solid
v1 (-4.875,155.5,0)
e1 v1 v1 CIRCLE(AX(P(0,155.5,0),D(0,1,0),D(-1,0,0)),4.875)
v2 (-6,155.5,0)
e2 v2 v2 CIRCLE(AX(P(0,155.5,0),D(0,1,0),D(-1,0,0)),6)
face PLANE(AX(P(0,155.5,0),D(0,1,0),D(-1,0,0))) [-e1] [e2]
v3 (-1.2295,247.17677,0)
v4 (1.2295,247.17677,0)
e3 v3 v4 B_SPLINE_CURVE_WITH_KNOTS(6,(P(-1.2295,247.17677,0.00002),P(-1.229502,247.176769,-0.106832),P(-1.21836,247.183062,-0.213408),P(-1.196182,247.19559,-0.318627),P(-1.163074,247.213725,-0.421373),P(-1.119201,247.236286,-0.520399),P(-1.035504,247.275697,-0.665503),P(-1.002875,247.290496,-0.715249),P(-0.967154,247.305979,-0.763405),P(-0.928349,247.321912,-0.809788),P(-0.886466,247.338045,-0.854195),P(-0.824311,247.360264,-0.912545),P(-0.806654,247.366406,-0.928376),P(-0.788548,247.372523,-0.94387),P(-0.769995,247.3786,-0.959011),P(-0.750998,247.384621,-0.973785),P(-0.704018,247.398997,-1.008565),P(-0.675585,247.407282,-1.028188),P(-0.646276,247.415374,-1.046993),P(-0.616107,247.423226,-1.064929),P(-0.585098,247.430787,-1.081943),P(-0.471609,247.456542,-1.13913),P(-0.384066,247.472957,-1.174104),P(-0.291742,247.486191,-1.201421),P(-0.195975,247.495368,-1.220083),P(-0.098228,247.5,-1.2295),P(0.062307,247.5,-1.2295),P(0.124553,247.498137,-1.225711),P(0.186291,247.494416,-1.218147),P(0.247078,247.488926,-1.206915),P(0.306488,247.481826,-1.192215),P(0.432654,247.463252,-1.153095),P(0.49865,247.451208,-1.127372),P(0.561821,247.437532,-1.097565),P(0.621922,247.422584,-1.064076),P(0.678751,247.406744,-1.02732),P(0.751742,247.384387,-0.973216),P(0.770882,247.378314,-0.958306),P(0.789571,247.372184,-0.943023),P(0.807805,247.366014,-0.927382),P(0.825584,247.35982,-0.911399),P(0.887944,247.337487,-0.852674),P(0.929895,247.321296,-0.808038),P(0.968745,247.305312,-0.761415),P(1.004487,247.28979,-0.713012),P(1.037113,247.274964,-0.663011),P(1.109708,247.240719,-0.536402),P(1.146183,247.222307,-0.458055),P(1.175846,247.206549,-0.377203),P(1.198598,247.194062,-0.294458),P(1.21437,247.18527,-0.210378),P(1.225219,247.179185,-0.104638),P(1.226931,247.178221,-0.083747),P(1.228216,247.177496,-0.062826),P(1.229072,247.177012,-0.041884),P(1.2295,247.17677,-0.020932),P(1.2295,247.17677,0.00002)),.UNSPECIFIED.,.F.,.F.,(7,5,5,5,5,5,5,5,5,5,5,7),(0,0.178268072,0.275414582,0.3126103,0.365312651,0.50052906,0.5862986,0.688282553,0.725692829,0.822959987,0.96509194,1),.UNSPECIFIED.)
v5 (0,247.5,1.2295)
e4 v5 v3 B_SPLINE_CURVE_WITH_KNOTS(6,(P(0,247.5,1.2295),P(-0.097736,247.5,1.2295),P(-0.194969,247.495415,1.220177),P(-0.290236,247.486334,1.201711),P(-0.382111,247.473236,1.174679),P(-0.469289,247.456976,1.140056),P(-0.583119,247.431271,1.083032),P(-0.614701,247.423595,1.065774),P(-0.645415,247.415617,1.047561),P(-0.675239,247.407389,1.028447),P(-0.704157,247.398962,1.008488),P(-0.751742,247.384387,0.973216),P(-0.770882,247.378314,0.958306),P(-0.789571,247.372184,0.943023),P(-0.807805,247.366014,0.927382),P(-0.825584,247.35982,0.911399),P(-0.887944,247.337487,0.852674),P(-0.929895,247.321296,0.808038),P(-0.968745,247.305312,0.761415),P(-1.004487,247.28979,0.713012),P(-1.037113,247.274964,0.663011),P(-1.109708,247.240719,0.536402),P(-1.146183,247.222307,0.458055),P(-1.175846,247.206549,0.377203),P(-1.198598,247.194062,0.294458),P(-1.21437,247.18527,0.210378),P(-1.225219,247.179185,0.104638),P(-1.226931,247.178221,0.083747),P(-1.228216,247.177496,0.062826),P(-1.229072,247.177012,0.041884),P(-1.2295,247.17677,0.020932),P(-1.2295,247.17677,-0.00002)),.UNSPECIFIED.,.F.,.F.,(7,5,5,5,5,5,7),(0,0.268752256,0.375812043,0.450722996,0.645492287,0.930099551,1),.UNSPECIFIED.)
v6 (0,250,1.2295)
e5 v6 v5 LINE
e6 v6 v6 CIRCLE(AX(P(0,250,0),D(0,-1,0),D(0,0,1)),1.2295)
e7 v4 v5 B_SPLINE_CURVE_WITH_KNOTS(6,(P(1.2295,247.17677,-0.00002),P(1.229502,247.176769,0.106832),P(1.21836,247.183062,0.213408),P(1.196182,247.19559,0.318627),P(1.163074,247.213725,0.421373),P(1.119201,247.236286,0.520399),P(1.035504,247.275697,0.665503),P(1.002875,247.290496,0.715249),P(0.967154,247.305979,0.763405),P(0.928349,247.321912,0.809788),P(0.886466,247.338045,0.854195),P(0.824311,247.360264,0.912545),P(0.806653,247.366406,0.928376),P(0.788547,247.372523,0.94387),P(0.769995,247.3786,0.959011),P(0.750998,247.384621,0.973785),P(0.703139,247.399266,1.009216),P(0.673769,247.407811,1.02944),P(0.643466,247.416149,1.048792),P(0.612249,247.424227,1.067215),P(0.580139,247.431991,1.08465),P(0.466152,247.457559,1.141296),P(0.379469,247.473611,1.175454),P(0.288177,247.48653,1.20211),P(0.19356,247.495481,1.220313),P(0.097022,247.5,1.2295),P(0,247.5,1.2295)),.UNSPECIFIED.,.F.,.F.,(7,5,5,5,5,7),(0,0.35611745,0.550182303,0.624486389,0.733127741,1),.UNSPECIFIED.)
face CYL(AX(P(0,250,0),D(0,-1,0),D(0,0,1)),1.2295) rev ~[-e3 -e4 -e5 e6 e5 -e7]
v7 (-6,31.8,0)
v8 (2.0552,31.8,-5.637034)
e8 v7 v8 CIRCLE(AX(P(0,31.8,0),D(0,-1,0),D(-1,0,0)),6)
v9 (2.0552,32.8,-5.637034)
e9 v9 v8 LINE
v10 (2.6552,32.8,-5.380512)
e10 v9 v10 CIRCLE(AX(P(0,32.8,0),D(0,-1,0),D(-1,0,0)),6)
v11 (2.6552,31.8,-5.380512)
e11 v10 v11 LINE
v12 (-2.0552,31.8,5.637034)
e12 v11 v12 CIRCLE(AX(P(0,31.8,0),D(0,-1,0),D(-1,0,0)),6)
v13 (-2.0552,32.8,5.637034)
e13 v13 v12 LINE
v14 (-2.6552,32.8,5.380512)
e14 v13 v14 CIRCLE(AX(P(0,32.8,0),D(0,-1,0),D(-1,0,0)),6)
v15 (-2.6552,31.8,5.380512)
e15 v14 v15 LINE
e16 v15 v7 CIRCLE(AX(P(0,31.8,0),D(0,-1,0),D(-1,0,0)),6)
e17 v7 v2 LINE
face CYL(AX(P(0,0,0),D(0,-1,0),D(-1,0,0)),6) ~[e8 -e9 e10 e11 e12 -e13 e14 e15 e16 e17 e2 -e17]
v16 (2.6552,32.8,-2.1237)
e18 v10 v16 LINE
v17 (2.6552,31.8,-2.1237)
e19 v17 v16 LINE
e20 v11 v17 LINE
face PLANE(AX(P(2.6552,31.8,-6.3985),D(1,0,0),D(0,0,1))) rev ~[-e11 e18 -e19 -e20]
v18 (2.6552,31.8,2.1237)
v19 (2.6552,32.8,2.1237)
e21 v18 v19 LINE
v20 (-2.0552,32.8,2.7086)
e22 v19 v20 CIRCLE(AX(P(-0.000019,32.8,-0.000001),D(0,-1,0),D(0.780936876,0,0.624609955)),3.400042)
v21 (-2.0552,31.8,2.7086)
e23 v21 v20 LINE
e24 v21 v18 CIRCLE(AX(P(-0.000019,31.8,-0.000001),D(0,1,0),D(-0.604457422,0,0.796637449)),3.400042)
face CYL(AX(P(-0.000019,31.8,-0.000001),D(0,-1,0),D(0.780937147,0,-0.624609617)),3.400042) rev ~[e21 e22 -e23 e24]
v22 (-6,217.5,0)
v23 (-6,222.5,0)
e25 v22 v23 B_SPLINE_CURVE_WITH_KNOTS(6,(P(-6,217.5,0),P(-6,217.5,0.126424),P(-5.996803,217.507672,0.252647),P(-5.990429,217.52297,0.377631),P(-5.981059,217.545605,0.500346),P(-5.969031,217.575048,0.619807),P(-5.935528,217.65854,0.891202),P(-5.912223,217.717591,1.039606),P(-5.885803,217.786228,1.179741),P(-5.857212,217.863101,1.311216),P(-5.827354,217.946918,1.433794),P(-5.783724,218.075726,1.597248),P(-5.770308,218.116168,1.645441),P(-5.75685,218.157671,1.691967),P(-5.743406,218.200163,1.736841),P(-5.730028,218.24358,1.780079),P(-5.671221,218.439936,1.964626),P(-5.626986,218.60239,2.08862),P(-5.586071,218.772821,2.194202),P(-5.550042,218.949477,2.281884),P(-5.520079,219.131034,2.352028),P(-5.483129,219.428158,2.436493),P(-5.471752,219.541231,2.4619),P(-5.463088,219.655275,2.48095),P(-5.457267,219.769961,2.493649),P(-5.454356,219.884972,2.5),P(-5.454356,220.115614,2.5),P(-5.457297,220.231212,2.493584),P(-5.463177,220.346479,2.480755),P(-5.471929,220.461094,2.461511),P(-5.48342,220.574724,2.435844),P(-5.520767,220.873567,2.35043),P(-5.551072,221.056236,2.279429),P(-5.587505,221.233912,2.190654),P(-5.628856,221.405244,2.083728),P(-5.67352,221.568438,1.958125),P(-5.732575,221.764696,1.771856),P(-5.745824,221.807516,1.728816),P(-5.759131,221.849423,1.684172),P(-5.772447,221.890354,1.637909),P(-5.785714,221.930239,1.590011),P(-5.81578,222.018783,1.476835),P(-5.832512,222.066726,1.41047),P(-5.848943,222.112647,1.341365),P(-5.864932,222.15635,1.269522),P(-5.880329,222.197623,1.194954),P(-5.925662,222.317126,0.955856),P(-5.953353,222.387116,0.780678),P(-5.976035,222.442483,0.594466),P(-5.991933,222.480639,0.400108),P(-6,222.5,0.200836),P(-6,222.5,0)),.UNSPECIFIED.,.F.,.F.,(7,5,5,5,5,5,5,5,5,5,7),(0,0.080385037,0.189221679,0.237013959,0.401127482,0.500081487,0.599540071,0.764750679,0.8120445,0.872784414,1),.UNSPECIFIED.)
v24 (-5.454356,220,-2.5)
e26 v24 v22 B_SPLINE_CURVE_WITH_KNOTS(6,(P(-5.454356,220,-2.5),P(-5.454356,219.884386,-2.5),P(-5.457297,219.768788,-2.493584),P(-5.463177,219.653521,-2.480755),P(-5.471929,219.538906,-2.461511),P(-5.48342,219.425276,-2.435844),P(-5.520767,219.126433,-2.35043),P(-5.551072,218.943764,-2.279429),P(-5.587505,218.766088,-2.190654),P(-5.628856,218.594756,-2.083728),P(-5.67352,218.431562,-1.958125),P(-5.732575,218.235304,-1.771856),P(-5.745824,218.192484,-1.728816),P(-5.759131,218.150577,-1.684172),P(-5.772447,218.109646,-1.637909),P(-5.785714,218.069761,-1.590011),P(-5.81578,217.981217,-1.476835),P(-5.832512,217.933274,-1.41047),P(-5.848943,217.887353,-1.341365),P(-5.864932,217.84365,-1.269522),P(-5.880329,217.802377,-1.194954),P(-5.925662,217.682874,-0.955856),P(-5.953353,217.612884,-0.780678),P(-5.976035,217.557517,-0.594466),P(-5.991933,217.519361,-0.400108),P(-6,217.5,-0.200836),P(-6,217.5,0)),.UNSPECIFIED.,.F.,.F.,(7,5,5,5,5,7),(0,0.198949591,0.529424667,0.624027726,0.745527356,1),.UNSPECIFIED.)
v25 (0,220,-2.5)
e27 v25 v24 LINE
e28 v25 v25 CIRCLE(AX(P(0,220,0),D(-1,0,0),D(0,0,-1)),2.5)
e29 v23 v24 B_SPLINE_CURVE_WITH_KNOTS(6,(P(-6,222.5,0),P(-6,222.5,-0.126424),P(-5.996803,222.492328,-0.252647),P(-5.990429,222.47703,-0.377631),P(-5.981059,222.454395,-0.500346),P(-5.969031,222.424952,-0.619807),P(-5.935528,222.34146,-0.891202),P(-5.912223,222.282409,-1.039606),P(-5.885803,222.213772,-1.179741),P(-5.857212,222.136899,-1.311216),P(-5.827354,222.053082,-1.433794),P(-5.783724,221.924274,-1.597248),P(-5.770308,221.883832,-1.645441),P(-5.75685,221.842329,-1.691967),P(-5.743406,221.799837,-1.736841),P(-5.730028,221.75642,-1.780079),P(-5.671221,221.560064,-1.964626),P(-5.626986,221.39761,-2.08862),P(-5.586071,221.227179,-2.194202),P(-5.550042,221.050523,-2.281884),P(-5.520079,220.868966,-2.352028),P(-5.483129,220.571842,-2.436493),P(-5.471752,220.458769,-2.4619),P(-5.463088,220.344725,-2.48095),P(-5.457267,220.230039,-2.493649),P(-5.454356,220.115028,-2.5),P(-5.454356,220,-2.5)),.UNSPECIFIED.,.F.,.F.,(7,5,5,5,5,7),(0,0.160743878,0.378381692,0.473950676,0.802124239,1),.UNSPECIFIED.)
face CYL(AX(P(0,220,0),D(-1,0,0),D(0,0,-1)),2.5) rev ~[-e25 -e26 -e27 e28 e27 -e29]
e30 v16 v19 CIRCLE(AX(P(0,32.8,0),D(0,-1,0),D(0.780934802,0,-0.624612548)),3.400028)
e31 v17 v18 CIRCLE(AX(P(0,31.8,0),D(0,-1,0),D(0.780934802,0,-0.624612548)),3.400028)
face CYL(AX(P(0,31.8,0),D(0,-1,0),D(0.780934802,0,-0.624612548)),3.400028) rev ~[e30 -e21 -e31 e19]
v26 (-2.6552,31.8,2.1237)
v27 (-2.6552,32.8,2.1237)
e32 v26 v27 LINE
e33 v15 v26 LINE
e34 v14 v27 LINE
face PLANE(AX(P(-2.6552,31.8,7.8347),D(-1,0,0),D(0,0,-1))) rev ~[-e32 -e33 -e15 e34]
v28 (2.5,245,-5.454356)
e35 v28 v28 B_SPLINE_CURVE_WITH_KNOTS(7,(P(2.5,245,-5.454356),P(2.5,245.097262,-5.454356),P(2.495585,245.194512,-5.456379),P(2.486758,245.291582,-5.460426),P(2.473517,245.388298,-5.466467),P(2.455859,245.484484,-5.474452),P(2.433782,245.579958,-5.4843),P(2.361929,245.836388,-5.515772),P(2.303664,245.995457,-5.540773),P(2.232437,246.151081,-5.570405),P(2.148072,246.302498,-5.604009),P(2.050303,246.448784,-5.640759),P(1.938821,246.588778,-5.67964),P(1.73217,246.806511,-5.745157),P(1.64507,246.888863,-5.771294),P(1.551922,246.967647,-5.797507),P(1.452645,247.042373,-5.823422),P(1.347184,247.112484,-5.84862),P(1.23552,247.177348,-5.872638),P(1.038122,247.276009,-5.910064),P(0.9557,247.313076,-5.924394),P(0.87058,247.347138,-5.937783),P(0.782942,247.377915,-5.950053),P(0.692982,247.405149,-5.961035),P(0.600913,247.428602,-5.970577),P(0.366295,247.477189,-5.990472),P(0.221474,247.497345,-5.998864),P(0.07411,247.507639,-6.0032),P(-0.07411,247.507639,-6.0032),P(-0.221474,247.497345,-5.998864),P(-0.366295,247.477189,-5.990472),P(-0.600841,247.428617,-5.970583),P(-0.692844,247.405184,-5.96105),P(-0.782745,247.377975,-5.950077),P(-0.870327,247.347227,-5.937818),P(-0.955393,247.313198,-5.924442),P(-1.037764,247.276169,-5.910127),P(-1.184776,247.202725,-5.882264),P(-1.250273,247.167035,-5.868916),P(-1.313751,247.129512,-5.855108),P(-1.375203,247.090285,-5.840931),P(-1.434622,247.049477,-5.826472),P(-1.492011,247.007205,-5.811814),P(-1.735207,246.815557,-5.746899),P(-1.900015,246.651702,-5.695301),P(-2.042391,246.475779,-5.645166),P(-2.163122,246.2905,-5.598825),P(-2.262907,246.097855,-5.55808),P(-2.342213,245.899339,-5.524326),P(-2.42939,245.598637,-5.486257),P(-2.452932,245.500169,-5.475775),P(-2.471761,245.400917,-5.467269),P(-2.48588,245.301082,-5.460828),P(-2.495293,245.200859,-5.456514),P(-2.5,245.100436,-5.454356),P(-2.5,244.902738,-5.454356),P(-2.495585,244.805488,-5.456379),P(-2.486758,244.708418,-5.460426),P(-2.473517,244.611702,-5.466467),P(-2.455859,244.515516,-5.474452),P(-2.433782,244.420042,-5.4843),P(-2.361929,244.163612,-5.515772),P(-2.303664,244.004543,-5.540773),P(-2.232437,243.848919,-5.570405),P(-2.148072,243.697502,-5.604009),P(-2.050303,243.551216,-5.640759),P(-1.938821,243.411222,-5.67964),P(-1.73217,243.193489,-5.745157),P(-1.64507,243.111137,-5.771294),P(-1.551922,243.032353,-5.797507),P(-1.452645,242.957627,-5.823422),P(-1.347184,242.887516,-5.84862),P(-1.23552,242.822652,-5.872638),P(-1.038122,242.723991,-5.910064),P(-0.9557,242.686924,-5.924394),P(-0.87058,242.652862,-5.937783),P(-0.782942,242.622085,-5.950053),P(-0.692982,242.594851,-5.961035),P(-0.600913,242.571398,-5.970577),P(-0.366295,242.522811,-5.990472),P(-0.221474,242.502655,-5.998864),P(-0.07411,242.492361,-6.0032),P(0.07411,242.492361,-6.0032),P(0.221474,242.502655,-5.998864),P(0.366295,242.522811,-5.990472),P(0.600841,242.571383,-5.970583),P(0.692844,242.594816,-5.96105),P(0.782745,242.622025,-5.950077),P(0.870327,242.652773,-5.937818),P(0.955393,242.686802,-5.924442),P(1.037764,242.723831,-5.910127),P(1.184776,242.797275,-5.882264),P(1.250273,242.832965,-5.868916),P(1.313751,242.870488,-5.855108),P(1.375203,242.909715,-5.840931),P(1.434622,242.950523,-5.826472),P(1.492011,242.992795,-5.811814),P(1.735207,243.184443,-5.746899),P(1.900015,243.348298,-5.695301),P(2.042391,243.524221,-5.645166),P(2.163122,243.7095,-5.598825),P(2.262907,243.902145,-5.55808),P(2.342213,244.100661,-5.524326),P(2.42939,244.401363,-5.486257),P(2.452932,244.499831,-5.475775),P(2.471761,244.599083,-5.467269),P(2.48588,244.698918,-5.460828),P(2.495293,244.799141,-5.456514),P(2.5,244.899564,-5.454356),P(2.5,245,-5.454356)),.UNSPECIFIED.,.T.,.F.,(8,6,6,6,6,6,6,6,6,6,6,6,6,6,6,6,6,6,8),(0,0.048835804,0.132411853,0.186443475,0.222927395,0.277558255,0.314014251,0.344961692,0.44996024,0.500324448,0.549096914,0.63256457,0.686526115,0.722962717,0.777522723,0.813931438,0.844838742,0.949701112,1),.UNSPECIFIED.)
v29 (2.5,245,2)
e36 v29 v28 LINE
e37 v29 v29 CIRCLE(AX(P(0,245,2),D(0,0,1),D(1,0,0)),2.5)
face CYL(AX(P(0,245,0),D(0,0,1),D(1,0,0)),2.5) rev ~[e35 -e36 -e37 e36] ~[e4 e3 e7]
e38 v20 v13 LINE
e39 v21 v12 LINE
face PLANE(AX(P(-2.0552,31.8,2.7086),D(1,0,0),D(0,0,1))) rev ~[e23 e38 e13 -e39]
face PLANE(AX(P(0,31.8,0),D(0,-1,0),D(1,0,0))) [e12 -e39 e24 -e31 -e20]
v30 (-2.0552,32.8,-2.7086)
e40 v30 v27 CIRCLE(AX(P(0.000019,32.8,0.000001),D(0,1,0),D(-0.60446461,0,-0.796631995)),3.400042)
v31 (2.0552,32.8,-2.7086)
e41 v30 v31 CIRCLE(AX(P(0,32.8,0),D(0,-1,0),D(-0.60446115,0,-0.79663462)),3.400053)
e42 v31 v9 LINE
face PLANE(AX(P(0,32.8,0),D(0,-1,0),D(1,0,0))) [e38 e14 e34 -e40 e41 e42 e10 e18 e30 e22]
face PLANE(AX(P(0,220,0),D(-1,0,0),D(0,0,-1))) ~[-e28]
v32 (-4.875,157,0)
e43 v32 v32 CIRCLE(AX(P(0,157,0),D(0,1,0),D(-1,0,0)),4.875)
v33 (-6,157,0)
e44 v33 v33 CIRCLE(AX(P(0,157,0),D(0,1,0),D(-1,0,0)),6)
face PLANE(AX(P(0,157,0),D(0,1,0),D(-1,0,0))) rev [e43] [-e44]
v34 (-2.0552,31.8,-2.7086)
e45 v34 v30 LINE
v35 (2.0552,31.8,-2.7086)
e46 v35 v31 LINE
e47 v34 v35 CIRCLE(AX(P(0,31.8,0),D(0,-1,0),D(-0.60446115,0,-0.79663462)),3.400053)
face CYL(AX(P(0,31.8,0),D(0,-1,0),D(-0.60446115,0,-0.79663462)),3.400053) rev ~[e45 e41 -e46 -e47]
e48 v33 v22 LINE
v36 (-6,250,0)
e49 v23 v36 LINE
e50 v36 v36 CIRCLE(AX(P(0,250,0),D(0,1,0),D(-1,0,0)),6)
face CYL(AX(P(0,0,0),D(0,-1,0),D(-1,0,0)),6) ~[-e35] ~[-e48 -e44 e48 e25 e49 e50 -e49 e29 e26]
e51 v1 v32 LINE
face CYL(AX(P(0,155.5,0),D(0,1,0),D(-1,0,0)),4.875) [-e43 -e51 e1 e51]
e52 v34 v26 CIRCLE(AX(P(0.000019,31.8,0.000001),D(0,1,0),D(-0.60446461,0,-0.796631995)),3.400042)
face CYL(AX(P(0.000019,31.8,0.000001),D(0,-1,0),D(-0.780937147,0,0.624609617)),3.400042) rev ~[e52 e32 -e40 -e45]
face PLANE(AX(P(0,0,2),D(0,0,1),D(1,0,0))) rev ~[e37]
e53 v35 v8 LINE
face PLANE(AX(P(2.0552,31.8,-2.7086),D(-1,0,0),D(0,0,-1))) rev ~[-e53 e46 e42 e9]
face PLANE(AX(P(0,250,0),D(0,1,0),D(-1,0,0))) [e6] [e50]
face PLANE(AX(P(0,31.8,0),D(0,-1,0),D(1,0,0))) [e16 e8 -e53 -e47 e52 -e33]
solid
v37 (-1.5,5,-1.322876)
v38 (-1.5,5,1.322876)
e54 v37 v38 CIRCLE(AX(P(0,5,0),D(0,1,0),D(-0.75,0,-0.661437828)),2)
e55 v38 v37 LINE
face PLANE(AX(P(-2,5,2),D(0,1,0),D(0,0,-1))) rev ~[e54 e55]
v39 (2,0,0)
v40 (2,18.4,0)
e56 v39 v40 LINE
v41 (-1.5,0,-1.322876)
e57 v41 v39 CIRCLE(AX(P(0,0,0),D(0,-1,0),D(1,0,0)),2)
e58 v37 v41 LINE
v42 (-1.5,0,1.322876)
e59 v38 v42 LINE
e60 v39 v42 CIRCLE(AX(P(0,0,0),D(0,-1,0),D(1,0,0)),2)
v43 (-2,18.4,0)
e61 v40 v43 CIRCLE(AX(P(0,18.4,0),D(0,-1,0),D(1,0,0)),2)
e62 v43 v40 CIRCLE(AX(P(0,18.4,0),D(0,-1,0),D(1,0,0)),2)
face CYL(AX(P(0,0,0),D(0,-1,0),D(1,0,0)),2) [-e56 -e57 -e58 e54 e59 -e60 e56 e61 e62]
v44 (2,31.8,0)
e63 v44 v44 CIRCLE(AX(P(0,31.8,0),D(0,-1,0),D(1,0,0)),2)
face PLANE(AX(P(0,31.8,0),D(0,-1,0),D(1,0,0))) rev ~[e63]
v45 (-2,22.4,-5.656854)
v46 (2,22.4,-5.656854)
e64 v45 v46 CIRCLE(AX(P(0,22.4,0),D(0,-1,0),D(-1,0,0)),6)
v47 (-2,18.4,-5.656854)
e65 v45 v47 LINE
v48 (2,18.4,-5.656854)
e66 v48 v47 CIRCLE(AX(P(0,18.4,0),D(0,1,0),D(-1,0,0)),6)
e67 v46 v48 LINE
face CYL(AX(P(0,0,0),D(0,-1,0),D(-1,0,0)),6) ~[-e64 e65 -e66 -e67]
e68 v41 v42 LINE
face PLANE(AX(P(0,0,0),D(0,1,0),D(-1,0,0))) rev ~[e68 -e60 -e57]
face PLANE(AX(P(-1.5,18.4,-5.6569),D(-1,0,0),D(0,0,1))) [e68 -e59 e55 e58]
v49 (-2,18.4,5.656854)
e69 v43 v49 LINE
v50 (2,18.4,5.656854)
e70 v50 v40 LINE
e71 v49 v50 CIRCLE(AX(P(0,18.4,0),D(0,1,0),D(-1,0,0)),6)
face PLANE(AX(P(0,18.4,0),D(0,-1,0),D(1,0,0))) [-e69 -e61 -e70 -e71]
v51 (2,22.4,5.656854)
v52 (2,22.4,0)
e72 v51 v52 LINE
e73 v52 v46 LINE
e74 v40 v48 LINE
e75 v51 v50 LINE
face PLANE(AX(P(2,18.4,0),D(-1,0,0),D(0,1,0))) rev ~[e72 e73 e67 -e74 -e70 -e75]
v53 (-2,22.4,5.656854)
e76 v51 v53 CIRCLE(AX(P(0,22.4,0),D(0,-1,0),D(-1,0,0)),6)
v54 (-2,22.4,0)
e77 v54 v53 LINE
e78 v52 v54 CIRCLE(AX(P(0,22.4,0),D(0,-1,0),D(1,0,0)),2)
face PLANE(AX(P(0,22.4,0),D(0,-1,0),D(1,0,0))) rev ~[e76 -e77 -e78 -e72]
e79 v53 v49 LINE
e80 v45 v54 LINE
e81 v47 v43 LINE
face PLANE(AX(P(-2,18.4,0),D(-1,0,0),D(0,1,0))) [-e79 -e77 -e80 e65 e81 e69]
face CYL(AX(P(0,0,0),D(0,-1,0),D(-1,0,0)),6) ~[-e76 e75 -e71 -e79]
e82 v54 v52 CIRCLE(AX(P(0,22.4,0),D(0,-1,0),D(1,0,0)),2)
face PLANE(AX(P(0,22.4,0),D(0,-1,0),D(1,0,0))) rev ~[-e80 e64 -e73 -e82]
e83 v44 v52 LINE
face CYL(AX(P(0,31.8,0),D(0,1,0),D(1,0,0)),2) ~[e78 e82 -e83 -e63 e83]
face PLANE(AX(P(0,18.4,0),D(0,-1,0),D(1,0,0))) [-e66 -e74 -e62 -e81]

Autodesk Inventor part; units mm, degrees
ref_plane "YZ Plane" through (0, 0, 0) normal (1, 0, 0) x (0, 1, 0)
ref_plane "XZ Plane" through (0, 0, 0) normal (0, 1, 0) x (-1, 0, 0)
sketch "Sketch1" plane through (0, 0, 0) normal (0, 1, 0) x (-1, 0, 0)
  circle A0 centre (0, 0) radius 6
  dimension "d0" = 12
extrude "Extrusion1" add sketch "Sketch1" along normal blind 250
sketch "Sketch2" plane through (0, 0, 0) normal (0, 0, 1) x (1, 0, 0)
  line L0 (-6, 0) -> (-6, 250) projected
  line L1 (-6, 155.5) -> (-4.875, 155.5)
  line L2 (-4.875, 155.5) -> (-4.875, 157)
  line L3 (-4.875, 157) -> (-6, 157)
  line L4 (-6, 157) -> (-6, 155.5)
  line L5 (0, 0) -> (0, 268.3776) construction
  line L6 (-6, 0) -> (6, 0) projected
  line L7 (6, 250) -> (-6, 250) projected
  dimension "d3" = 1.125
  dimension "d4" = 1.5
  dimension "d21" = 93
revolve "Revolution1" cut sketch "Sketch2" angle 360 about axis through (0, 0, 0) along (0, 1, 0)
sketch "Sketch3" plane through (0, 0, 0) normal (0, 0, 1) x (1, 0, 0)
  circle A0 centre (0, 245) radius 2.5
  line L0 (6, 250) -> (-6, 250) projected
  point P0 (0, 0)
  dimension "d7" = 5
  dimension "d9" = 5
extrude "Extrusion2" cut sketch "Sketch3" along normal blind 2 and the other way blind 10
sketch "Sketch4" plane through (0, 250, 0) normal (0, 1, 0) x (1, 0, 0)
  point P0 (0, 0)
  point P1 (0, 0)
hole "Hole1" at (0, 250, 0) direction (0, -1, 0) diameter 2.459 depth 6 tip angle 118 thread size "M3x0.5" class "6H" standard "ANSI Metric M Profile"
sketch "Sketch5" plane through (0, 0, 0) normal (1, 0, 0) x (0, 1, 0)
  line L0 (250, -6) -> (250, 6) projected
  point P0 (0, 0)
  point P1 (220, 0)
  dimension "d22" = 30
hole "Hole2" at (0, 220, 0) direction (-1, 0, 0) diameter 5 end through all
sketch "Sketch6" plane through (0, 0, 0) normal (0, -1, 0) x (1, 0, 0)
  circle A0 centre (0, 0) radius 2
  circle A1 centre (0, 0) radius 6
  dimension "d30" = 4
  dimension "d31" = 12
extrude "Extrusion3" cut sketch "Sketch6" against normal blind 18.4
ref_plane "Work Plane1" through (0, 31.8, 0) normal (0, -1, 0) x (1, 0, 0)
sketch "Sketch7" plane through (0, 31.8, 0) normal (0, -1, 0) x (1, 0, 0)
  circle A0 centre (0, 0) radius 6
  circle A1 centre (0, 0) radius 2
  dimension "d35" = 12
  dimension "d36" = 4
extrude "Extrusion4" cut sketch "Sketch7" along normal blind 9.4
sketch "Sketch9" plane through (0, 0, 0) normal (0, 0, 1) x (1, 0, 0)
  line L0 (2, 31.8) -> (2, 22.4) projected
  line L1 (6, 18.4) -> (-6, 18.4) projected
  line L2 (2, 22.4) -> (6, 22.4)
  line L3 (6, 22.4) -> (6, 18.4)
  line L4 (6, 18.4) -> (2, 18.4)
  line L5 (2, 18.4) -> (2, 22.4)
  line L6 (-2, 31.8) -> (-2, 22.4) projected
  line L7 (-6, 18.4) -> (-2, 18.4)
  line L8 (-2, 18.4) -> (-2, 22.4)
  line L9 (-2, 22.4) -> (-6, 22.4)
  line L10 (-6, 22.4) -> (-6, 18.4)
  point P0 (0, 0)
  dimension "d39" = 4
extrude "Extrusion5" cut sketch "Sketch9" along normal through all both and the other way through all
sketch "Sketch10" plane through (0, 31.8, 0) normal (0, -1, 0) x (1, 0, 0)
  arc A0 (2.0552, 1.1503) -> (2.0552, -1.1503) centre (0, 0) ccw construction
  line L0 (0, 2.5) -> (0, -2.5) projected
  line L1 (2.0552, -6.3985) -> (2.6552, -6.3985)
  line L2 (2.6552, -6.3985) -> (2.6552, -2.1237)
  arc A1 (-2.0552, -2.7086) -> (2.0552, -2.7086) centre (0, 0) ccw
  arc A2 (2.6552, -2.1237) -> (2.6552, 2.1237) centre (0, 0) ccw
  line L3 (2.0552, -2.7086) -> (2.0552, -6.3985)
  line L4 (-2.0552, 7.8347) -> (-2.6552, 7.8347)
  line L5 (-2.6552, 7.8347) -> (-2.6552, 2.1237)
  line L6 (-2.0552, 2.7086) -> (-2.0552, 7.8347)
  arc A3 (2.6552, -2.1237) -> (-2.0552, 2.7086) centre (0, 0) ccw
  arc A4 (-2.6552, 2.1237) -> (2.0552, -2.7086) centre (0, 0) ccw
  arc A5 (2.0552, 2.7086) -> (-2.0552, 2.7086) centre (0, 0) ccw
  arc A6 (-2.6552, 2.1237) -> (-2.6552, -2.1237) centre (0, 0) ccw
  dimension "d59" = 0
  dimension "d60" = 0.6
  dimension "d62" = 0.6
extrude "Extrusion6" cut sketch "Sketch10" against normal blind 1
sketch "Sketch11" plane through (-2, 18.4, -5.6569) normal (-1, 0, 0) x (0, 0, 1)
  line L0 (3.6569, -18.4) -> (3.6569, 0) projected
  line L1 (7.6569, -18.4) -> (7.6569, 0) projected
  line L2 (3.6569, -18.4) -> (7.6569, -18.4)
  line L3 (7.6569, -18.4) -> (7.6569, -13.4)
  line L4 (7.6569, -13.4) -> (3.6569, -13.4)
  line L5 (3.6569, -13.4) -> (3.6569, -18.4)
  point P0 (5.6569, -18.4)
  dimension "d63" = 5
extrude "Extrusion7" cut sketch "Sketch11" against normal blind 0.5
properties part number "Lever"
